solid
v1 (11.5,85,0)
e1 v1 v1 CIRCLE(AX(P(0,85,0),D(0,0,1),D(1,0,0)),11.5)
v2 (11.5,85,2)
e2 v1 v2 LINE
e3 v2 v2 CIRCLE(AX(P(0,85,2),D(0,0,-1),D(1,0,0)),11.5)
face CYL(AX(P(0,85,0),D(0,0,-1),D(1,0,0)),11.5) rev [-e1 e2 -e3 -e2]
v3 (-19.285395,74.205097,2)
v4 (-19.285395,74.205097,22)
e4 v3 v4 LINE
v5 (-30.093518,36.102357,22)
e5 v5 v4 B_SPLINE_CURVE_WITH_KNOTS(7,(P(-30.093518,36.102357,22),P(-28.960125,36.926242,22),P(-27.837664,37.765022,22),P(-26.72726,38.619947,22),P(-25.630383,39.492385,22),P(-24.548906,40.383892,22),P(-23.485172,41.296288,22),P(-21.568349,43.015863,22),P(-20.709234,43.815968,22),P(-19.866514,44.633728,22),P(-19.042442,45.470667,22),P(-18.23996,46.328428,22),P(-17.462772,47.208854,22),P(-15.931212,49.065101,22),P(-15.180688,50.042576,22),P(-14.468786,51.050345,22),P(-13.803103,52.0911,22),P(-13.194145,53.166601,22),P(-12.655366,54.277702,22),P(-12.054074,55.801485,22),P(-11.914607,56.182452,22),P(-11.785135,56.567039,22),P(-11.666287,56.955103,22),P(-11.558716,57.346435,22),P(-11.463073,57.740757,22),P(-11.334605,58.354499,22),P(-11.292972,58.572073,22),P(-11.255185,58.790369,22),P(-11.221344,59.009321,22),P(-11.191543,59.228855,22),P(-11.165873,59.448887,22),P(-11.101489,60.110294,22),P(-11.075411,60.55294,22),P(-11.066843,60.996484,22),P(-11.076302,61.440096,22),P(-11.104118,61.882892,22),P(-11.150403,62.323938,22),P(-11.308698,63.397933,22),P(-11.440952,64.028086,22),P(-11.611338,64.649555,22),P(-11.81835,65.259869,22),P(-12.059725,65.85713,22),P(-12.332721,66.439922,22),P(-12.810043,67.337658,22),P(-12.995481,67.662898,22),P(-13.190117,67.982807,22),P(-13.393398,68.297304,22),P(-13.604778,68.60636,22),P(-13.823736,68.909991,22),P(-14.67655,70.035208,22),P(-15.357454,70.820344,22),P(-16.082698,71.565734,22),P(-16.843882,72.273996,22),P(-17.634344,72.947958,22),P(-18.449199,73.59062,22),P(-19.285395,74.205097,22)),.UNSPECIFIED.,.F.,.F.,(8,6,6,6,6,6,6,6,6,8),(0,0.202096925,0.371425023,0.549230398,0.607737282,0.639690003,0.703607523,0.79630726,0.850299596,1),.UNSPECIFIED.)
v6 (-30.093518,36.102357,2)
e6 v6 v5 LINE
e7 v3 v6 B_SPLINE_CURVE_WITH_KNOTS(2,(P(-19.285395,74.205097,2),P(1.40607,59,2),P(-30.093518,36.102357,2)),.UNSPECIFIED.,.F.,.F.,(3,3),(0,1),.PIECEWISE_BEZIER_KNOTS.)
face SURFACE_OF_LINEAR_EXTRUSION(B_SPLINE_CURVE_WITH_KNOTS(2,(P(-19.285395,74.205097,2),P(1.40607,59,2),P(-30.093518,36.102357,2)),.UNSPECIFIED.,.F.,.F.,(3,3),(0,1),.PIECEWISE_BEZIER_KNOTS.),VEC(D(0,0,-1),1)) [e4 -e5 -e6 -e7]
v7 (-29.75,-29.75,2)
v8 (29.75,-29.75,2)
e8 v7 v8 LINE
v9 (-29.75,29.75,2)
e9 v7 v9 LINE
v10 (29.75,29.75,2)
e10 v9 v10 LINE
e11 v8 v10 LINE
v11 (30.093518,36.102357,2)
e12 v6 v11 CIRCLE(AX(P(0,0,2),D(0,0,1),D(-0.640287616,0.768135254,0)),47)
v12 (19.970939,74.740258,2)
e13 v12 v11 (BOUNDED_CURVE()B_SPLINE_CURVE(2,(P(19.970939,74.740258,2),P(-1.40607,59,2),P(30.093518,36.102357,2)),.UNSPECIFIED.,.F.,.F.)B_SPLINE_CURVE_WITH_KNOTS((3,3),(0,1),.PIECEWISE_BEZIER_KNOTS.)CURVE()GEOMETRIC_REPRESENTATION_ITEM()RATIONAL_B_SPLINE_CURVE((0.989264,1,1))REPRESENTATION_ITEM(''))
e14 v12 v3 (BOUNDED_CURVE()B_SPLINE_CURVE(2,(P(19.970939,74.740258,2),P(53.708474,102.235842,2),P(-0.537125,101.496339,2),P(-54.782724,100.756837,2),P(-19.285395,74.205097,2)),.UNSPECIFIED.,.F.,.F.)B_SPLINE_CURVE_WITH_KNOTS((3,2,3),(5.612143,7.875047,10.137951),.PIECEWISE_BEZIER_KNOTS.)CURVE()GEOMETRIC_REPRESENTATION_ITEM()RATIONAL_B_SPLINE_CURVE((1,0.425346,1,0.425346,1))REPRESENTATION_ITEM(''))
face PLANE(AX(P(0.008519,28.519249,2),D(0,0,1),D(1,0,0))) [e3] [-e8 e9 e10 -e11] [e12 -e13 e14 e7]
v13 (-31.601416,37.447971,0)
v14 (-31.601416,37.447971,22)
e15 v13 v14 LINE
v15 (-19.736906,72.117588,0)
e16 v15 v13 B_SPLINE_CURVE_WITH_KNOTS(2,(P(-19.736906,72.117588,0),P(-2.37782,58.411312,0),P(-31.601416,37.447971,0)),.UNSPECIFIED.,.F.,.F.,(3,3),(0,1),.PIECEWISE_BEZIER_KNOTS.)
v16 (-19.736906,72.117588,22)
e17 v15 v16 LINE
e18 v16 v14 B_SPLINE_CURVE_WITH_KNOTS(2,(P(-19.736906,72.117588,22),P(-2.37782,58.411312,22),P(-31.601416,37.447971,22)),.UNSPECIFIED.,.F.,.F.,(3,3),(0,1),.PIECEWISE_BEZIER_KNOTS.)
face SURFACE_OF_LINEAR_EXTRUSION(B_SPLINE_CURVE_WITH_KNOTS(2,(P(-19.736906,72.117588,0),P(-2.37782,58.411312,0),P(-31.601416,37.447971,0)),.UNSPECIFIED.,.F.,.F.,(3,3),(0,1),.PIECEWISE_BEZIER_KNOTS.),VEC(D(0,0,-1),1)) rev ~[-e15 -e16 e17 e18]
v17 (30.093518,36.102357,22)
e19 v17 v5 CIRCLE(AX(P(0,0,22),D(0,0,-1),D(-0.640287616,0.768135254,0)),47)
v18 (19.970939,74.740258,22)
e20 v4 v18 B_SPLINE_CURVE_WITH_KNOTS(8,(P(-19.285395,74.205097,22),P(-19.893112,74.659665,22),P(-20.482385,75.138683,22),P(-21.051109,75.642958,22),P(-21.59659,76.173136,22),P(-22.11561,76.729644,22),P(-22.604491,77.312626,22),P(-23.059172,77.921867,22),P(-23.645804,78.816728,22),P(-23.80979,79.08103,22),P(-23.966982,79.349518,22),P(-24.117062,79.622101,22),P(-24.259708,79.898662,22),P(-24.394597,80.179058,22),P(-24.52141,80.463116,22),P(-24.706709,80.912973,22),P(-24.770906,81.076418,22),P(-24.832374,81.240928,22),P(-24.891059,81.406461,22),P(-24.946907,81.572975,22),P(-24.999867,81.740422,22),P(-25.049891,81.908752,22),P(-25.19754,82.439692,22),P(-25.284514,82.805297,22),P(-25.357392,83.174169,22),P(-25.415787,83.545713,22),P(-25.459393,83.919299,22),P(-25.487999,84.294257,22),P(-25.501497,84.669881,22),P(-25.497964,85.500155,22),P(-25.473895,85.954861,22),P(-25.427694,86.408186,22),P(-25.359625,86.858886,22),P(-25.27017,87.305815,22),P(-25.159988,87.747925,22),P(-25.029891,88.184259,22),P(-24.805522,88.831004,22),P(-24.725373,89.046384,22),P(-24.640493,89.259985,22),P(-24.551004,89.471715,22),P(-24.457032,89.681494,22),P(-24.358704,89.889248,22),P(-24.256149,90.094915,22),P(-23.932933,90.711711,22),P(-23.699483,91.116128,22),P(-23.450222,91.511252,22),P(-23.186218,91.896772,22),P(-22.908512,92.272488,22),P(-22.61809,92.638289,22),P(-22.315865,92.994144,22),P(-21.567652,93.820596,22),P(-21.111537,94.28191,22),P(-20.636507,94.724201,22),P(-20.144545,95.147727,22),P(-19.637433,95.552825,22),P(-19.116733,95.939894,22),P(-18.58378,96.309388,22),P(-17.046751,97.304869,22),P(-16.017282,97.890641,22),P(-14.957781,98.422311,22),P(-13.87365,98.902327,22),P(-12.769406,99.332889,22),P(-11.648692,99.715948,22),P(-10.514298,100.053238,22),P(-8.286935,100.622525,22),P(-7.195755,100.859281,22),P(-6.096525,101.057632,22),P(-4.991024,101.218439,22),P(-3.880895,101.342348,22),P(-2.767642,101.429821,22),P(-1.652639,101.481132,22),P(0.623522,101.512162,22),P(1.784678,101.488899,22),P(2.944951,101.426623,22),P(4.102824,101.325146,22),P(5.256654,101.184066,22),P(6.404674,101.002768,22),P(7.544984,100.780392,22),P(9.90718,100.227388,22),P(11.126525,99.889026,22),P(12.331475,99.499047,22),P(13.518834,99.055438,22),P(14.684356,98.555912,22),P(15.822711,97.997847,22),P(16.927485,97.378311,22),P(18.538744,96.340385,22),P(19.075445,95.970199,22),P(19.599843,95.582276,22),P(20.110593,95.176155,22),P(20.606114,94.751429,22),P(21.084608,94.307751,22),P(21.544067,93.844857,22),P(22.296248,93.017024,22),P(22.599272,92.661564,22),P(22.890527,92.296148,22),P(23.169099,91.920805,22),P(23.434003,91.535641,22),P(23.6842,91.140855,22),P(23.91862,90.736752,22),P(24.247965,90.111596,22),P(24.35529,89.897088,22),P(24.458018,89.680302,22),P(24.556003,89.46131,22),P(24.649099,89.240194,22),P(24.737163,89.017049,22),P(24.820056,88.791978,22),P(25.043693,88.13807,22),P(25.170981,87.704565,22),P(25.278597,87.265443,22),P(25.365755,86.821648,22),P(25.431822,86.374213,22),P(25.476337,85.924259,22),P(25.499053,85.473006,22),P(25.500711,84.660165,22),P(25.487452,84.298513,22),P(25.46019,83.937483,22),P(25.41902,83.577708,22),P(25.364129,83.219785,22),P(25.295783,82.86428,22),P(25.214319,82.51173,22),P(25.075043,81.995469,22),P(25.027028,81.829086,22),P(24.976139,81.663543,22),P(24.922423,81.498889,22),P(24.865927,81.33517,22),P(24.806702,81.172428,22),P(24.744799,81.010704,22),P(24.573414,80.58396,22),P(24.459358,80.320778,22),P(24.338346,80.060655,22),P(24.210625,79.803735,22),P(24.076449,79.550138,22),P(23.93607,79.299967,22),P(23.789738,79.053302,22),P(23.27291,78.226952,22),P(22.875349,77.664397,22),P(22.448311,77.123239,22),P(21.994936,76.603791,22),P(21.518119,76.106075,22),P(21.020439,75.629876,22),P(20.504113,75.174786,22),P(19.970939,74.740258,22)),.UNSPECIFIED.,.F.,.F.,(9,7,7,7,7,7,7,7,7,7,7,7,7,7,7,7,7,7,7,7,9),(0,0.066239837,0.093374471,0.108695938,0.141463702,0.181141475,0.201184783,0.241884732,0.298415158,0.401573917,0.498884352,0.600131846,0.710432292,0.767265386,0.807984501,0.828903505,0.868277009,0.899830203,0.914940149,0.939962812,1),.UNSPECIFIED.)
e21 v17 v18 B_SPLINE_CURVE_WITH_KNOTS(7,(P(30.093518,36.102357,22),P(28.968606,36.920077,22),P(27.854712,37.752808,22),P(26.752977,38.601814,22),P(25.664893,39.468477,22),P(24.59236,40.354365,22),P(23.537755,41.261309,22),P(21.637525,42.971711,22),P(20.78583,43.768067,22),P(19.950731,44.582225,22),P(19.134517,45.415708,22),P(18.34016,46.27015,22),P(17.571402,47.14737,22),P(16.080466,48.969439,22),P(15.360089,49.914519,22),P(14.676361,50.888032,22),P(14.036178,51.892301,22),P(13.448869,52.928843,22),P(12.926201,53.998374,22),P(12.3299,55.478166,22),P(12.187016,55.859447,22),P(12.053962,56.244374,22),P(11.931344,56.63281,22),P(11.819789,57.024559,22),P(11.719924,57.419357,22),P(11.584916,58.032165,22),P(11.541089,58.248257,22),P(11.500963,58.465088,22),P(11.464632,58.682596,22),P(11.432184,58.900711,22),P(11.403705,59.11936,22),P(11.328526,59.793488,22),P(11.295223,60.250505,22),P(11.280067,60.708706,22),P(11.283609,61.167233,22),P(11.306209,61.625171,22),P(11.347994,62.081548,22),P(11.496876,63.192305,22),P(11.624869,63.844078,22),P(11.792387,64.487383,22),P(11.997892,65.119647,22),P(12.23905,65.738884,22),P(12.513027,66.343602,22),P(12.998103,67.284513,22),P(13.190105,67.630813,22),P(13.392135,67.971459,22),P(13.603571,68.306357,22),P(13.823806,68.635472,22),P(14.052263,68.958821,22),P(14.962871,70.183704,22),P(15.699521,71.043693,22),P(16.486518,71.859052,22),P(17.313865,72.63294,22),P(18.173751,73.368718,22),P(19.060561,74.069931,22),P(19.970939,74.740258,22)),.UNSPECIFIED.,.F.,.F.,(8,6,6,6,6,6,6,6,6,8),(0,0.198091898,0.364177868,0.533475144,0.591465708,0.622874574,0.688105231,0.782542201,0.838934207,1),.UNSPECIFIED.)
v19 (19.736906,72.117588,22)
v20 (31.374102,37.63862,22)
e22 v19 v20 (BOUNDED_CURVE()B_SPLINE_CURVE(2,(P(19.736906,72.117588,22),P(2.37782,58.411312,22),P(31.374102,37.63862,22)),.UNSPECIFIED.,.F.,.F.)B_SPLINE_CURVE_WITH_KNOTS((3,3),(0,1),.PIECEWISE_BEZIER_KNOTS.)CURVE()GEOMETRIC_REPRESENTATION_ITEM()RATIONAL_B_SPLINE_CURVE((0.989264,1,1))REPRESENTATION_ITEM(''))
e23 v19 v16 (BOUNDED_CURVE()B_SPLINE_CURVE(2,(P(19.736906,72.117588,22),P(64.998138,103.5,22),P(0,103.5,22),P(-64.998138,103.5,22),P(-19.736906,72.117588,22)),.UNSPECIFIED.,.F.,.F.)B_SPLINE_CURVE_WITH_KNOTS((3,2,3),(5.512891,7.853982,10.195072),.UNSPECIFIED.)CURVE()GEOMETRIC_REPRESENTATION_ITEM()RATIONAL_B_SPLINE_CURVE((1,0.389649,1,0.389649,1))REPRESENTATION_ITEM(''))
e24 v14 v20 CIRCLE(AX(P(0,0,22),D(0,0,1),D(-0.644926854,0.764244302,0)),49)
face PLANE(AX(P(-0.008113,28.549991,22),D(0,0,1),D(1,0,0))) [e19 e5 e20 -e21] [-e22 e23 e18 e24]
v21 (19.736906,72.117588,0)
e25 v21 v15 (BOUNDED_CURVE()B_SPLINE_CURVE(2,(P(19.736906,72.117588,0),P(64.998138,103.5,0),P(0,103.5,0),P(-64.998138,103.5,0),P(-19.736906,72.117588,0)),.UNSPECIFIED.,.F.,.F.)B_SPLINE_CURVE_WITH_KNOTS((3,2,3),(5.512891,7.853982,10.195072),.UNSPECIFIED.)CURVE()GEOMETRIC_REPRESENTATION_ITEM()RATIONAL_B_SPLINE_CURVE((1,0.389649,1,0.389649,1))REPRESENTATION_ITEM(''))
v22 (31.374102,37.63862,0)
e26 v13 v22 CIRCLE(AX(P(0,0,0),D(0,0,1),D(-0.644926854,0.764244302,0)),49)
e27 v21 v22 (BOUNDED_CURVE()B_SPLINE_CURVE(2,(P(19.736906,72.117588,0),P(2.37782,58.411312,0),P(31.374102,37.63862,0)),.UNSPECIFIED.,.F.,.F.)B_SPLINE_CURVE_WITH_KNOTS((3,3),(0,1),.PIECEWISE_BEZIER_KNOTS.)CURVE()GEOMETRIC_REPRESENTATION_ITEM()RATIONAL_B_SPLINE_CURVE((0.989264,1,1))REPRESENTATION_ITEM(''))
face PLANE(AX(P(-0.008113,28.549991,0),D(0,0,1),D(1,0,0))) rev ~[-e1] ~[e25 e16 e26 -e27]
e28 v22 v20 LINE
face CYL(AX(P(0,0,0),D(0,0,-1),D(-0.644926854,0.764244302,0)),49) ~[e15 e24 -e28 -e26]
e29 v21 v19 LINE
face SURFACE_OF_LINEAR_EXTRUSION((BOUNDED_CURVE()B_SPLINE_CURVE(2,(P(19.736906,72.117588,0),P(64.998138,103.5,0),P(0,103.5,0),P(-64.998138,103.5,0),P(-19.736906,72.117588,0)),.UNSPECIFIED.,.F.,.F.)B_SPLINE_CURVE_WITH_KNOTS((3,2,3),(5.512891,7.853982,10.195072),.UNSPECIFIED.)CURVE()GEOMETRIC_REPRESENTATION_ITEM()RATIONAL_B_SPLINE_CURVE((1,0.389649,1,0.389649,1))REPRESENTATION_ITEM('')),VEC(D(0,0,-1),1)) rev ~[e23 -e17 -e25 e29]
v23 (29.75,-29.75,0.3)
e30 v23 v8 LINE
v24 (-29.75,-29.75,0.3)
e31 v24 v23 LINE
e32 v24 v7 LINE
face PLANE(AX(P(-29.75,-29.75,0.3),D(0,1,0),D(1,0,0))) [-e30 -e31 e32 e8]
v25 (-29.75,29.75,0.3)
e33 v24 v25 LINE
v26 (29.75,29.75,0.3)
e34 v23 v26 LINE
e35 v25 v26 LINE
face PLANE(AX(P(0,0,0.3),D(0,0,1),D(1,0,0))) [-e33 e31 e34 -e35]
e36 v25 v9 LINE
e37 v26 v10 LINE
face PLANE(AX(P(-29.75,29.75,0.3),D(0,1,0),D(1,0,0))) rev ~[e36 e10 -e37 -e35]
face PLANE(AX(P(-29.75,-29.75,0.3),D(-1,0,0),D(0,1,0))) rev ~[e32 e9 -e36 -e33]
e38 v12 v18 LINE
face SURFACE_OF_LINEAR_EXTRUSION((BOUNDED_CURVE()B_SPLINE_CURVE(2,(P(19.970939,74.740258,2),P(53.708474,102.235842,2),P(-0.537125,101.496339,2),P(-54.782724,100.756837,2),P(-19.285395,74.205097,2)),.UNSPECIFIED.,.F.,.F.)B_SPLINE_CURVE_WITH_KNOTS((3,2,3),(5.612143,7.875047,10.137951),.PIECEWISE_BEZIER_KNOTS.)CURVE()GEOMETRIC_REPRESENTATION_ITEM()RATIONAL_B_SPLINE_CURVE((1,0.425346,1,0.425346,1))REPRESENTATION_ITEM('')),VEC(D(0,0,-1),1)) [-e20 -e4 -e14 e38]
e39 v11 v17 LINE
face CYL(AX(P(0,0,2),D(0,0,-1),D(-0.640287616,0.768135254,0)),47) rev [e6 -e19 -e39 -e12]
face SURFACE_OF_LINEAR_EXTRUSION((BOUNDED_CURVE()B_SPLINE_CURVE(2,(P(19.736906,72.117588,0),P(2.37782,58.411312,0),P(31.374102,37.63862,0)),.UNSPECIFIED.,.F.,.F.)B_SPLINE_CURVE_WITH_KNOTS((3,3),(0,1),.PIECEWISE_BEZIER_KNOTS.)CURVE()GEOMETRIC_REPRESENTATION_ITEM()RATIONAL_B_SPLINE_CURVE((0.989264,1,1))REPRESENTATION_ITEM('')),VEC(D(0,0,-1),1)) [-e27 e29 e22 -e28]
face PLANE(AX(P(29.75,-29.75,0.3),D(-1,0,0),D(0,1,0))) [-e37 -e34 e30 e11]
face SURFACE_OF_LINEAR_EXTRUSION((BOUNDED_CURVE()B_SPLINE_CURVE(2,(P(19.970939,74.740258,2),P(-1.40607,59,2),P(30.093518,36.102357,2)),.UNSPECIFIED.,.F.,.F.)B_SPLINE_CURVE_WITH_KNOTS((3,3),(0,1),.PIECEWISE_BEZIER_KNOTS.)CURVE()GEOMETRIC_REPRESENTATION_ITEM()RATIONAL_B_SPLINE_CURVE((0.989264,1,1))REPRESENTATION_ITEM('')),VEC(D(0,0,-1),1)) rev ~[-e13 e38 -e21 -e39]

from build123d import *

# Parameters (mm, degrees)
SKETCH006_R     = 11.5
PAD002_DEPTH    = 22
SKETCH007_W     = 59.5
SKETCH007_H     = 59.5
POCKET001_DEPTH = 21.701
POCKET002_DEPTH = 20.001


with BuildPart() as part:
    # Sketch006 → Pad002 (new body)
    with BuildSketch(Plane.XY):
        with BuildLine():
            ThreePointArc((-31.601416, 37.447971), (0.14834, -48.999775), (31.374102, 37.63862))
            add(Edge.make_bspline(
                [(19.736906, 72.117588), (2.37782, 58.411312), (31.374102, 37.63862)],
                knots=[0, 0, 0, 1, 1, 1], degree=2, weights=[0.989264, 1, 1]))
            add(Edge.make_bspline(
                [(19.736906, 72.117588), (64.998138, 103.5), (0, 103.5), (-64.998138, 103.5), (-19.736906, 72.117588)],
                knots=[5.512891, 5.512891, 5.512891, 7.853982, 7.853982, 10.195072, 10.195072, 10.195072], degree=2, weights=[1, 0.389649, 1, 0.389649, 1]))
            add(Edge.make_bspline(
                [(-19.736906, 72.117588), (-2.37782, 58.411312), (-31.601416, 37.447971)],
                knots=[0, 0, 0, 1, 1, 1], degree=2))
        make_face()
        with Locations((0, 85)):
            Circle(SKETCH006_R, mode=Mode.SUBTRACT)
    extrude(amount=PAD002_DEPTH)

    # Sketch007 → Pocket001 (cut, through all)
    with BuildSketch(Plane.XY.offset(0.3)):
        Rectangle(SKETCH007_W, SKETCH007_H)
    extrude(amount=POCKET001_DEPTH, mode=Mode.SUBTRACT)

    # Sketch008 → Pocket002 (cut, through all)
    with BuildSketch(Plane.XY.offset(2)):
        with BuildLine():
            add(Edge.make_bspline(
                [(19.970939, 74.740258), (53.708474, 102.235842), (-0.537125, 101.496339), (-54.782724, 100.756837), (-19.285395, 74.205097)],
                knots=[5.612143, 5.612143, 5.612143, 7.875047, 7.875047, 10.137951, 10.137951, 10.137951], degree=2, weights=[1, 0.425346, 1, 0.425346, 1]))
            add(Edge.make_bspline(
                [(-19.285395, 74.205097), (1.40607, 59), (-30.093518, 36.102357)],
                knots=[0, 0, 0, 1, 1, 1], degree=2))
            ThreePointArc((-30.093518, 36.102357), (0, -47), (30.093518, 36.102357))
            add(Edge.make_bspline(
                [(19.970939, 74.740258), (-1.40607, 59), (30.093518, 36.102357)],
                knots=[0, 0, 0, 1, 1, 1], degree=2, weights=[0.989264, 1, 1]))
        make_face()
    extrude(amount=POCKET002_DEPTH, mode=Mode.SUBTRACT)


solid = part.part
